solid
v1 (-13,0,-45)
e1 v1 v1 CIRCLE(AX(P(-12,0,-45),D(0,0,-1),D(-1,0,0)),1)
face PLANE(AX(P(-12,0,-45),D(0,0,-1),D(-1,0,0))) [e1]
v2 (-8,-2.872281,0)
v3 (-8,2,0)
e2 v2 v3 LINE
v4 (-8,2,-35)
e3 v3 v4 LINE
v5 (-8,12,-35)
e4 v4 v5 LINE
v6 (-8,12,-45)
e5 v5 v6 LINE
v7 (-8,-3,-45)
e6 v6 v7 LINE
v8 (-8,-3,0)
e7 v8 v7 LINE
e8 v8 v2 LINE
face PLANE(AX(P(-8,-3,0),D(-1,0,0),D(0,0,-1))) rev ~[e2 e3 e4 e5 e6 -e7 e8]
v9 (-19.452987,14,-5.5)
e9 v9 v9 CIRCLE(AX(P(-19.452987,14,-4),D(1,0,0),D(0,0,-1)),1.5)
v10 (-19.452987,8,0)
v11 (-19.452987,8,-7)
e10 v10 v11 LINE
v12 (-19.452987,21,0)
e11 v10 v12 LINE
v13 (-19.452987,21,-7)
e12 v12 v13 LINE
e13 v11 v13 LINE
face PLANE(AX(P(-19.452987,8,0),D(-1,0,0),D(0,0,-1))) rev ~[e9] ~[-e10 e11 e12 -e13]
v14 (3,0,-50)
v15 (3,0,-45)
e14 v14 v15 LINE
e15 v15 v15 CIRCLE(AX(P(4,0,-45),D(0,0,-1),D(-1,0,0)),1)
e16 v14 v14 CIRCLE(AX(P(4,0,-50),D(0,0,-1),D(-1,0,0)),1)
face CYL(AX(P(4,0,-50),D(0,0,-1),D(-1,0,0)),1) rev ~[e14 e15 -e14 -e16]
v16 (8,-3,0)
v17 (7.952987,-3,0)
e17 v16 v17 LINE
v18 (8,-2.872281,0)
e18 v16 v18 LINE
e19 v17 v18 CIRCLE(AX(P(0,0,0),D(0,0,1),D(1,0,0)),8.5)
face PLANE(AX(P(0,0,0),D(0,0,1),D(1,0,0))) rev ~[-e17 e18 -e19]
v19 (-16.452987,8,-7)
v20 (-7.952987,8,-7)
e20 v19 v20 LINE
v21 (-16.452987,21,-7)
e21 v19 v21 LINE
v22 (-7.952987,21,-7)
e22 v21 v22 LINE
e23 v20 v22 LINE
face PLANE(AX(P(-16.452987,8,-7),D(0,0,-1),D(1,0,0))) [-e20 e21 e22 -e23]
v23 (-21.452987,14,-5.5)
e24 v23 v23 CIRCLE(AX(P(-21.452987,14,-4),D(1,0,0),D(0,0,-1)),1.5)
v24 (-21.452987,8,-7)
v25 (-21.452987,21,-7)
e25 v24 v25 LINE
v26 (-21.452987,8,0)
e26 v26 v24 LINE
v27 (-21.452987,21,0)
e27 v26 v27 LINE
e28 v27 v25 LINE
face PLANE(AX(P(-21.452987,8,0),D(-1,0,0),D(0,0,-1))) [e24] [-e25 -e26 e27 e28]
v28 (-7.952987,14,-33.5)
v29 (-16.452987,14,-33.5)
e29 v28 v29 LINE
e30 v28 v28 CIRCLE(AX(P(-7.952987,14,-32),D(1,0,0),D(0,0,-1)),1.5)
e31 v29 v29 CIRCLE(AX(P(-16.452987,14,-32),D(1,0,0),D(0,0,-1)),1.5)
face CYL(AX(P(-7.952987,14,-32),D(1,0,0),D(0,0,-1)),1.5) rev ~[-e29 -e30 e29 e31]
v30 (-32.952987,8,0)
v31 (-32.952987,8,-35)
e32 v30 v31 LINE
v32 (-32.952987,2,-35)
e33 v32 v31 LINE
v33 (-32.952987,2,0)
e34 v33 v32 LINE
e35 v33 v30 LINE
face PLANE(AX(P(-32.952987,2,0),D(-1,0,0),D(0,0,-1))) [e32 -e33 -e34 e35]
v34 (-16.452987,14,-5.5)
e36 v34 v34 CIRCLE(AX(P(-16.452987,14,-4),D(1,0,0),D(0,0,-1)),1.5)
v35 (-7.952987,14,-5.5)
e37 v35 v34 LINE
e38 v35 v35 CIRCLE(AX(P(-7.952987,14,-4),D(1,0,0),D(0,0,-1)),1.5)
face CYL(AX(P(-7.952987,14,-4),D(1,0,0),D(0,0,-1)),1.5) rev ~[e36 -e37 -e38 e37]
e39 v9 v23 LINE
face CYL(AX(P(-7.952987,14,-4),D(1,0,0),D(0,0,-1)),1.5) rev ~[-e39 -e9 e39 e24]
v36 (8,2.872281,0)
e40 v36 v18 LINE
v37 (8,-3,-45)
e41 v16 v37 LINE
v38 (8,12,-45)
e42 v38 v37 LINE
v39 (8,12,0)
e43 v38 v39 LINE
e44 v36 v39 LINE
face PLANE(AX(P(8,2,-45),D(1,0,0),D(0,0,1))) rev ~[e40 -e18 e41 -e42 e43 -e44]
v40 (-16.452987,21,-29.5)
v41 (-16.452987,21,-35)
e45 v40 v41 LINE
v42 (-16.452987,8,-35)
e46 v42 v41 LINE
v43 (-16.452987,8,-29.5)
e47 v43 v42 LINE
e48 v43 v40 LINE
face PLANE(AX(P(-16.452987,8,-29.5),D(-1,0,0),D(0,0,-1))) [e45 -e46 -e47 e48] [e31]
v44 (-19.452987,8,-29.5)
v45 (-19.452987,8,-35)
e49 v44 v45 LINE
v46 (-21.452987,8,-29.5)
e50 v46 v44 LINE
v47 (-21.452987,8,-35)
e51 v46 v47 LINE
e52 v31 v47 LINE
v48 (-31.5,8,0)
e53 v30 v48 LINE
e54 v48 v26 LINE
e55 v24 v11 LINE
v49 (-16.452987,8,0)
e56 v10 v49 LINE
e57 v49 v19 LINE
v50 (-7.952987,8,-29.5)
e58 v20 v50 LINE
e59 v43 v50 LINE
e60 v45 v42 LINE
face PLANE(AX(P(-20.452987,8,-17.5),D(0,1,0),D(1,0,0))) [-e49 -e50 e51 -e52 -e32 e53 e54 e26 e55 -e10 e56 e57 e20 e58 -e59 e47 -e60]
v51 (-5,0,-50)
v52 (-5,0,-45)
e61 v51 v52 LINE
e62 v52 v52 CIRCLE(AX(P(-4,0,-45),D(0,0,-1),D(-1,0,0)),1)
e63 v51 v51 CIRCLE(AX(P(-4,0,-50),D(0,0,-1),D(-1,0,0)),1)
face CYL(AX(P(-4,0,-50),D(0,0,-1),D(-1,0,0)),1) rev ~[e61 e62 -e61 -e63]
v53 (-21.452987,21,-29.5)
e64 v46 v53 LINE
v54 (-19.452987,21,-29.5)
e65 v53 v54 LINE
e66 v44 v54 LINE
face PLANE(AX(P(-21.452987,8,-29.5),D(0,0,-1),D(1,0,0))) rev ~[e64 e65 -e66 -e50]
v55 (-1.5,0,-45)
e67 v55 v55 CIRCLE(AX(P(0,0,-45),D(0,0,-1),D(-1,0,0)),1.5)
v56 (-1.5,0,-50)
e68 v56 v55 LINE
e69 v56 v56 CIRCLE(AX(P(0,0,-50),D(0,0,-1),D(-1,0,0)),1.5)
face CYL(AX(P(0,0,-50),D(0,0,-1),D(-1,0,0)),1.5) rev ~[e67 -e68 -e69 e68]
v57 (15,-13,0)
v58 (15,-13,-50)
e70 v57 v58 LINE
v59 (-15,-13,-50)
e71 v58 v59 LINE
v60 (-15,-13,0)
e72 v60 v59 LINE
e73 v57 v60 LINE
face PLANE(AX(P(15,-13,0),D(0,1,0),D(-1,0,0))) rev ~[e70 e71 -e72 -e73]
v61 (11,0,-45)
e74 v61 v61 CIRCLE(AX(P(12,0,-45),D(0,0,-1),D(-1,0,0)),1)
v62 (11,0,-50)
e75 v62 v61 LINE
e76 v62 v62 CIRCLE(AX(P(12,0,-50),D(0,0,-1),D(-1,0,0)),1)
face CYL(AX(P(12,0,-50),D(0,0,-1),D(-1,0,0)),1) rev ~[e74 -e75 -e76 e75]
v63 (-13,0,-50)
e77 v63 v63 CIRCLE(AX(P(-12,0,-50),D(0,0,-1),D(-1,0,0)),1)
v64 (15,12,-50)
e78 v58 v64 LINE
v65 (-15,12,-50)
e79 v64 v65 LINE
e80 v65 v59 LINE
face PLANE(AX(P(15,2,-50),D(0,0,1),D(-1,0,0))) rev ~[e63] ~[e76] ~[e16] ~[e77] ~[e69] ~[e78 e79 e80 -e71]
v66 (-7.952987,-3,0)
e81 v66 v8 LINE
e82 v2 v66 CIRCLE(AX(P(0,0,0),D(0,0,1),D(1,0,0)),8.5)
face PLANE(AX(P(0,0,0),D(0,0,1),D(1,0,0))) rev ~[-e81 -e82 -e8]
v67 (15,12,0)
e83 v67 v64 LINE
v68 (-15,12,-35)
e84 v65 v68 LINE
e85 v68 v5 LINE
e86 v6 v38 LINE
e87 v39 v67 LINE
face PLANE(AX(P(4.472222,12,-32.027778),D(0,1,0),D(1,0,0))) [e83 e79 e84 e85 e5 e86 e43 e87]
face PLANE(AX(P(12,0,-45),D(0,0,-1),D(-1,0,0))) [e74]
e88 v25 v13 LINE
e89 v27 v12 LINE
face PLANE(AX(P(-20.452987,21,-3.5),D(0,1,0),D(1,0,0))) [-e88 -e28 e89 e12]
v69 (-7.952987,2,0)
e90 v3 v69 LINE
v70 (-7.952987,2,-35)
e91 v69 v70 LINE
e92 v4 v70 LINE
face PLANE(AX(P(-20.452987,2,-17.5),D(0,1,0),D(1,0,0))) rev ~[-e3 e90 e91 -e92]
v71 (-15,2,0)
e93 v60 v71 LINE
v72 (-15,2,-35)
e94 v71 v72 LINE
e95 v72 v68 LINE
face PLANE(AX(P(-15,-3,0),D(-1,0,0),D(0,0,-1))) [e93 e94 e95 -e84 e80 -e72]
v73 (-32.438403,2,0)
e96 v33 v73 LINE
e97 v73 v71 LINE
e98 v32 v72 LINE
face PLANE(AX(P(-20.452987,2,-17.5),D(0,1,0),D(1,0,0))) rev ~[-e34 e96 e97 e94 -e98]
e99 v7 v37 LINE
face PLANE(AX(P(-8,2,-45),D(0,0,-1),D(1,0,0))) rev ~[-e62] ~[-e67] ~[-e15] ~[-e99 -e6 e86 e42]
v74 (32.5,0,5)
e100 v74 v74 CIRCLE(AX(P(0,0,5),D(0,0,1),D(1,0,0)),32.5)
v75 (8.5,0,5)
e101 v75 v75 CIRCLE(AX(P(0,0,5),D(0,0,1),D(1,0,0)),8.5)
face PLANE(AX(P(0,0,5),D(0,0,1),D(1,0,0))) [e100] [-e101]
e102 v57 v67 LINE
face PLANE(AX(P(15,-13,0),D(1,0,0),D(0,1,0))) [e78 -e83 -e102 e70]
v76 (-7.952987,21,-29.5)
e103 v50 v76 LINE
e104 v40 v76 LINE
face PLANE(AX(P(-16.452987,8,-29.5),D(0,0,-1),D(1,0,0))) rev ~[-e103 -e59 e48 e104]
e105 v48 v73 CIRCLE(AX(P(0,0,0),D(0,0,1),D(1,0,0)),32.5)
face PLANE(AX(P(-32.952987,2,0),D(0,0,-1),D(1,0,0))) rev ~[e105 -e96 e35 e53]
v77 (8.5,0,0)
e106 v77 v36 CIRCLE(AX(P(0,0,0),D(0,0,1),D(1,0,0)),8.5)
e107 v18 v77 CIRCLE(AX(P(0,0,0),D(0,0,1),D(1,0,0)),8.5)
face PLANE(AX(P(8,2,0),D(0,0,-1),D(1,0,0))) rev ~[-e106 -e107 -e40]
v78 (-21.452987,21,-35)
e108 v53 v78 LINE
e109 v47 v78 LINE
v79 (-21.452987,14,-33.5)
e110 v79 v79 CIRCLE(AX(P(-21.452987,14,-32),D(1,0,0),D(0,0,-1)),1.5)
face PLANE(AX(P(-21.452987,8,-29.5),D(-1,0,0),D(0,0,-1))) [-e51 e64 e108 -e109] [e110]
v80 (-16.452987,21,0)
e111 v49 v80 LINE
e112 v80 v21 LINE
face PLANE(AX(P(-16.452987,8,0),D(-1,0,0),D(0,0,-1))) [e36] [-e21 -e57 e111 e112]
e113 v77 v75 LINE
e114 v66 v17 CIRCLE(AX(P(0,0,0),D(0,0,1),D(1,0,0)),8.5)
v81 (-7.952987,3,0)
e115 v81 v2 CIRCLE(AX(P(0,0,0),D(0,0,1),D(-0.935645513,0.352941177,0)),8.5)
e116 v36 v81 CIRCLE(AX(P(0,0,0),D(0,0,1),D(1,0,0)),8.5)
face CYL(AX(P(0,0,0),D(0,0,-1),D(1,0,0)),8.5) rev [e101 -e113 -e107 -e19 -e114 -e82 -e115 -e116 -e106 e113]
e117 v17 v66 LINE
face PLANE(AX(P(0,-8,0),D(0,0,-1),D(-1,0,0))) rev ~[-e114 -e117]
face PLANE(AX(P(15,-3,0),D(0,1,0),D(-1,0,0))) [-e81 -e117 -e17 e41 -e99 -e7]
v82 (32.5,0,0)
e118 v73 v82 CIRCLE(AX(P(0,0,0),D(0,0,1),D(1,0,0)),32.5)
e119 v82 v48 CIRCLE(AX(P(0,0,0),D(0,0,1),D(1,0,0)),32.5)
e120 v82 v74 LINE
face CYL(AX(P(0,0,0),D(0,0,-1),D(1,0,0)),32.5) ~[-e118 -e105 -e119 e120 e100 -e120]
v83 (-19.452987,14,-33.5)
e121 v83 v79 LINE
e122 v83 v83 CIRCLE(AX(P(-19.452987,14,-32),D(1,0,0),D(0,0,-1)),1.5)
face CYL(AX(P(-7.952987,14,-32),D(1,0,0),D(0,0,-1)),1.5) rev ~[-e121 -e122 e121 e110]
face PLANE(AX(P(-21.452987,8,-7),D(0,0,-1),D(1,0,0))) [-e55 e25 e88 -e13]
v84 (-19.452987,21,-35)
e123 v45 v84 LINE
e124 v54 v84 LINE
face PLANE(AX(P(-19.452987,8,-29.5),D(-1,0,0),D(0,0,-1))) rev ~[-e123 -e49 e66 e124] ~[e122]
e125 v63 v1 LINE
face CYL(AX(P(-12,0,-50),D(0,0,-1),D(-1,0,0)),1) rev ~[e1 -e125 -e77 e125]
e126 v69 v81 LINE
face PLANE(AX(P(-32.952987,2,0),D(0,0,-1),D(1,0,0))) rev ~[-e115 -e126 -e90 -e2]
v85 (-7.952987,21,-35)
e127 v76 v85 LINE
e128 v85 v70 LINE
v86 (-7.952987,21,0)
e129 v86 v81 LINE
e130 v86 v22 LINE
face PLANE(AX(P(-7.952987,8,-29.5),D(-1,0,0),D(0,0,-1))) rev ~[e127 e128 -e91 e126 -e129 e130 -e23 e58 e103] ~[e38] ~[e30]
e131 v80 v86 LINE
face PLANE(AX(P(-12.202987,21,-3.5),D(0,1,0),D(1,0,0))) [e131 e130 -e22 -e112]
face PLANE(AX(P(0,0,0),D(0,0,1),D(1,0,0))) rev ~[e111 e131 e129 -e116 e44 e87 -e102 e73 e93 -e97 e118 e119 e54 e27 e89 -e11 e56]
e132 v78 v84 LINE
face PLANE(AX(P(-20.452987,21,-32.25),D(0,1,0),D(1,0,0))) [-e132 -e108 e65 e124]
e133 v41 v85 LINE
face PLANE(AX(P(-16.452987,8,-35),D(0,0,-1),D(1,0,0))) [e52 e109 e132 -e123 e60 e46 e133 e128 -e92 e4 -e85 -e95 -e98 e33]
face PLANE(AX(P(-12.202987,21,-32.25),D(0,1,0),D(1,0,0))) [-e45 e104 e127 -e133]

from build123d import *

# Parameters (mm, degrees)
CROQUIS1_R               = 32.5
CROQUIS1_R_2             = 8.5
SALIENTE_EXTRUIR1_DEPTH  = 5
CROQUIS3_W               = 30
CROQUIS3_H               = 10
SALIENTE_EXTRUIR5_DEPTH  = 50
CROQUIS4_W               = 7
CROQUIS4_H               = 50
SALIENTE_EXTRUIR6_DEPTH  = 5
CROQUIS5_W               = 25
CROQUIS5_H               = 35
SALIENTE_EXTRUIR7_DEPTH  = 6
CROQUIS6_W               = 8.5
CROQUIS6_H               = 5.5
CROQUIS6_W_2             = 2
CROQUIS6_H_2             = 7
SALIENTE_EXTRUIR8_DEPTH  = 13
CROQUIS7_R               = 1.5
CORTAR_EXTRUIR1_DEPTH    = 20
CROQUIS8_W               = 16
CROQUIS8_H               = 5
SALIENTE_EXTRUIR9_DEPTH  = 5
SALIENTE_EXTRUIR10_DEPTH = 10
CROQUIS11_R              = 1
CORTAR_EXTRUIR2_DEPTH    = 5
CROQUIS13_R              = 1.5
CORTAR_EXTRUIR3_DEPTH    = 10


with BuildPart() as part:
    # Croquis1 → Saliente-Extruir1 (new body)
    with BuildSketch(Plane.XY):
        Circle(CROQUIS1_R)
        Circle(CROQUIS1_R_2, mode=Mode.SUBTRACT)
    extrude(amount=SALIENTE_EXTRUIR1_DEPTH)

    # Croquis3 → Saliente-Extruir5 (add)
    with BuildSketch(Plane(origin=(0, 0, 0), x_dir=(-1, 0, 0), z_dir=(0, 0, -1))):
        with Locations((0, -8)):
            Rectangle(CROQUIS3_W, CROQUIS3_H)
    extrude(amount=SALIENTE_EXTRUIR5_DEPTH)

    # Croquis4 → Saliente-Extruir6 (add)
    with BuildSketch(Plane(origin=(0, -3, 0), x_dir=(1, 0, 0), z_dir=(0, 1, 0))):
        with Locations((-11.5, 25)):
            Rectangle(CROQUIS4_W, CROQUIS4_H)
        with Locations((11.5, 25)):
            Rectangle(CROQUIS4_W, CROQUIS4_H)
    extrude(amount=SALIENTE_EXTRUIR6_DEPTH)

    # Croquis5 → Saliente-Extruir7 (add)
    with BuildSketch(Plane(origin=(0, 2, 0), x_dir=(1, 0, 0), z_dir=(0, 1, 0))):
        with Locations((-20.45298686, 17.5)):
            Rectangle(CROQUIS5_W, CROQUIS5_H)
    extrude(amount=SALIENTE_EXTRUIR7_DEPTH)

    # Croquis6 → Saliente-Extruir8 (add)
    with BuildSketch(Plane(origin=(0, 8, 0), x_dir=(1, 0, 0), z_dir=(0, 1, 0))):
        with Locations((-12.20298686, 32.25)):
            Rectangle(CROQUIS6_W, CROQUIS6_H)
        with Locations((-20.45298686, 32.25)):
            Rectangle(CROQUIS6_W_2, CROQUIS6_H)
        with Locations((-12.20298686, 3.5)):
            Rectangle(CROQUIS6_W, CROQUIS6_H_2)
        with Locations((-20.45298686, 3.5)):
            Rectangle(CROQUIS6_W_2, CROQUIS6_H_2)
    extrude(amount=SALIENTE_EXTRUIR8_DEPTH)

    # Croquis7 → Cortar-Extruir1 (cut)
    with BuildSketch(Plane(origin=(-7.95298686, 0, 0), x_dir=(0, 0, -1), z_dir=(1, 0, 0))):
        with Locations((32, 14)):
            Circle(CROQUIS7_R)
        with Locations((4, 14)):
            Circle(CROQUIS7_R)
    extrude(amount=-CORTAR_EXTRUIR1_DEPTH, mode=Mode.SUBTRACT)

    # Croquis8 → Saliente-Extruir9 (add)
    with BuildSketch(Plane(origin=(0, -3, 0), x_dir=(1, 0, 0), z_dir=(0, 1, 0))):
        with Locations((0, 47.5)):
            Rectangle(CROQUIS8_W, CROQUIS8_H)
    extrude(amount=SALIENTE_EXTRUIR9_DEPTH)

    # Croquis10 → Saliente-Extruir10 (add)
    with BuildSketch(Plane(origin=(0, 2, 0), x_dir=(1, 0, 0), z_dir=(0, 1, 0))):
        Polygon((8, 0), (15, 0), (15, 50), (-15, 50), (-15, 35), (-8, 35), (-8, 45), (8, 45), align=None)
    extrude(amount=SALIENTE_EXTRUIR10_DEPTH)

    # Croquis11 → Cortar-Extruir2 (cut)
    with BuildSketch(Plane(origin=(0, 0, -50), x_dir=(-1, 0, 0), z_dir=(0, 0, -1))):
        with Locations((-4, 0)):
            Circle(CROQUIS11_R)
        with Locations((-12, 0)):
            Circle(CROQUIS11_R)
        with Locations((4, 0)):
            Circle(CROQUIS11_R)
        with Locations((12, 0)):
            Circle(CROQUIS11_R)
    extrude(amount=-CORTAR_EXTRUIR2_DEPTH, mode=Mode.SUBTRACT)

    # Croquis13 → Cortar-Extruir3 (cut)
    with BuildSketch(Plane(origin=(0, 0, -50), x_dir=(-1, 0, 0), z_dir=(0, 0, -1))):
        Circle(CROQUIS13_R)
    extrude(amount=-CORTAR_EXTRUIR3_DEPTH, mode=Mode.SUBTRACT)


solid = part.part
